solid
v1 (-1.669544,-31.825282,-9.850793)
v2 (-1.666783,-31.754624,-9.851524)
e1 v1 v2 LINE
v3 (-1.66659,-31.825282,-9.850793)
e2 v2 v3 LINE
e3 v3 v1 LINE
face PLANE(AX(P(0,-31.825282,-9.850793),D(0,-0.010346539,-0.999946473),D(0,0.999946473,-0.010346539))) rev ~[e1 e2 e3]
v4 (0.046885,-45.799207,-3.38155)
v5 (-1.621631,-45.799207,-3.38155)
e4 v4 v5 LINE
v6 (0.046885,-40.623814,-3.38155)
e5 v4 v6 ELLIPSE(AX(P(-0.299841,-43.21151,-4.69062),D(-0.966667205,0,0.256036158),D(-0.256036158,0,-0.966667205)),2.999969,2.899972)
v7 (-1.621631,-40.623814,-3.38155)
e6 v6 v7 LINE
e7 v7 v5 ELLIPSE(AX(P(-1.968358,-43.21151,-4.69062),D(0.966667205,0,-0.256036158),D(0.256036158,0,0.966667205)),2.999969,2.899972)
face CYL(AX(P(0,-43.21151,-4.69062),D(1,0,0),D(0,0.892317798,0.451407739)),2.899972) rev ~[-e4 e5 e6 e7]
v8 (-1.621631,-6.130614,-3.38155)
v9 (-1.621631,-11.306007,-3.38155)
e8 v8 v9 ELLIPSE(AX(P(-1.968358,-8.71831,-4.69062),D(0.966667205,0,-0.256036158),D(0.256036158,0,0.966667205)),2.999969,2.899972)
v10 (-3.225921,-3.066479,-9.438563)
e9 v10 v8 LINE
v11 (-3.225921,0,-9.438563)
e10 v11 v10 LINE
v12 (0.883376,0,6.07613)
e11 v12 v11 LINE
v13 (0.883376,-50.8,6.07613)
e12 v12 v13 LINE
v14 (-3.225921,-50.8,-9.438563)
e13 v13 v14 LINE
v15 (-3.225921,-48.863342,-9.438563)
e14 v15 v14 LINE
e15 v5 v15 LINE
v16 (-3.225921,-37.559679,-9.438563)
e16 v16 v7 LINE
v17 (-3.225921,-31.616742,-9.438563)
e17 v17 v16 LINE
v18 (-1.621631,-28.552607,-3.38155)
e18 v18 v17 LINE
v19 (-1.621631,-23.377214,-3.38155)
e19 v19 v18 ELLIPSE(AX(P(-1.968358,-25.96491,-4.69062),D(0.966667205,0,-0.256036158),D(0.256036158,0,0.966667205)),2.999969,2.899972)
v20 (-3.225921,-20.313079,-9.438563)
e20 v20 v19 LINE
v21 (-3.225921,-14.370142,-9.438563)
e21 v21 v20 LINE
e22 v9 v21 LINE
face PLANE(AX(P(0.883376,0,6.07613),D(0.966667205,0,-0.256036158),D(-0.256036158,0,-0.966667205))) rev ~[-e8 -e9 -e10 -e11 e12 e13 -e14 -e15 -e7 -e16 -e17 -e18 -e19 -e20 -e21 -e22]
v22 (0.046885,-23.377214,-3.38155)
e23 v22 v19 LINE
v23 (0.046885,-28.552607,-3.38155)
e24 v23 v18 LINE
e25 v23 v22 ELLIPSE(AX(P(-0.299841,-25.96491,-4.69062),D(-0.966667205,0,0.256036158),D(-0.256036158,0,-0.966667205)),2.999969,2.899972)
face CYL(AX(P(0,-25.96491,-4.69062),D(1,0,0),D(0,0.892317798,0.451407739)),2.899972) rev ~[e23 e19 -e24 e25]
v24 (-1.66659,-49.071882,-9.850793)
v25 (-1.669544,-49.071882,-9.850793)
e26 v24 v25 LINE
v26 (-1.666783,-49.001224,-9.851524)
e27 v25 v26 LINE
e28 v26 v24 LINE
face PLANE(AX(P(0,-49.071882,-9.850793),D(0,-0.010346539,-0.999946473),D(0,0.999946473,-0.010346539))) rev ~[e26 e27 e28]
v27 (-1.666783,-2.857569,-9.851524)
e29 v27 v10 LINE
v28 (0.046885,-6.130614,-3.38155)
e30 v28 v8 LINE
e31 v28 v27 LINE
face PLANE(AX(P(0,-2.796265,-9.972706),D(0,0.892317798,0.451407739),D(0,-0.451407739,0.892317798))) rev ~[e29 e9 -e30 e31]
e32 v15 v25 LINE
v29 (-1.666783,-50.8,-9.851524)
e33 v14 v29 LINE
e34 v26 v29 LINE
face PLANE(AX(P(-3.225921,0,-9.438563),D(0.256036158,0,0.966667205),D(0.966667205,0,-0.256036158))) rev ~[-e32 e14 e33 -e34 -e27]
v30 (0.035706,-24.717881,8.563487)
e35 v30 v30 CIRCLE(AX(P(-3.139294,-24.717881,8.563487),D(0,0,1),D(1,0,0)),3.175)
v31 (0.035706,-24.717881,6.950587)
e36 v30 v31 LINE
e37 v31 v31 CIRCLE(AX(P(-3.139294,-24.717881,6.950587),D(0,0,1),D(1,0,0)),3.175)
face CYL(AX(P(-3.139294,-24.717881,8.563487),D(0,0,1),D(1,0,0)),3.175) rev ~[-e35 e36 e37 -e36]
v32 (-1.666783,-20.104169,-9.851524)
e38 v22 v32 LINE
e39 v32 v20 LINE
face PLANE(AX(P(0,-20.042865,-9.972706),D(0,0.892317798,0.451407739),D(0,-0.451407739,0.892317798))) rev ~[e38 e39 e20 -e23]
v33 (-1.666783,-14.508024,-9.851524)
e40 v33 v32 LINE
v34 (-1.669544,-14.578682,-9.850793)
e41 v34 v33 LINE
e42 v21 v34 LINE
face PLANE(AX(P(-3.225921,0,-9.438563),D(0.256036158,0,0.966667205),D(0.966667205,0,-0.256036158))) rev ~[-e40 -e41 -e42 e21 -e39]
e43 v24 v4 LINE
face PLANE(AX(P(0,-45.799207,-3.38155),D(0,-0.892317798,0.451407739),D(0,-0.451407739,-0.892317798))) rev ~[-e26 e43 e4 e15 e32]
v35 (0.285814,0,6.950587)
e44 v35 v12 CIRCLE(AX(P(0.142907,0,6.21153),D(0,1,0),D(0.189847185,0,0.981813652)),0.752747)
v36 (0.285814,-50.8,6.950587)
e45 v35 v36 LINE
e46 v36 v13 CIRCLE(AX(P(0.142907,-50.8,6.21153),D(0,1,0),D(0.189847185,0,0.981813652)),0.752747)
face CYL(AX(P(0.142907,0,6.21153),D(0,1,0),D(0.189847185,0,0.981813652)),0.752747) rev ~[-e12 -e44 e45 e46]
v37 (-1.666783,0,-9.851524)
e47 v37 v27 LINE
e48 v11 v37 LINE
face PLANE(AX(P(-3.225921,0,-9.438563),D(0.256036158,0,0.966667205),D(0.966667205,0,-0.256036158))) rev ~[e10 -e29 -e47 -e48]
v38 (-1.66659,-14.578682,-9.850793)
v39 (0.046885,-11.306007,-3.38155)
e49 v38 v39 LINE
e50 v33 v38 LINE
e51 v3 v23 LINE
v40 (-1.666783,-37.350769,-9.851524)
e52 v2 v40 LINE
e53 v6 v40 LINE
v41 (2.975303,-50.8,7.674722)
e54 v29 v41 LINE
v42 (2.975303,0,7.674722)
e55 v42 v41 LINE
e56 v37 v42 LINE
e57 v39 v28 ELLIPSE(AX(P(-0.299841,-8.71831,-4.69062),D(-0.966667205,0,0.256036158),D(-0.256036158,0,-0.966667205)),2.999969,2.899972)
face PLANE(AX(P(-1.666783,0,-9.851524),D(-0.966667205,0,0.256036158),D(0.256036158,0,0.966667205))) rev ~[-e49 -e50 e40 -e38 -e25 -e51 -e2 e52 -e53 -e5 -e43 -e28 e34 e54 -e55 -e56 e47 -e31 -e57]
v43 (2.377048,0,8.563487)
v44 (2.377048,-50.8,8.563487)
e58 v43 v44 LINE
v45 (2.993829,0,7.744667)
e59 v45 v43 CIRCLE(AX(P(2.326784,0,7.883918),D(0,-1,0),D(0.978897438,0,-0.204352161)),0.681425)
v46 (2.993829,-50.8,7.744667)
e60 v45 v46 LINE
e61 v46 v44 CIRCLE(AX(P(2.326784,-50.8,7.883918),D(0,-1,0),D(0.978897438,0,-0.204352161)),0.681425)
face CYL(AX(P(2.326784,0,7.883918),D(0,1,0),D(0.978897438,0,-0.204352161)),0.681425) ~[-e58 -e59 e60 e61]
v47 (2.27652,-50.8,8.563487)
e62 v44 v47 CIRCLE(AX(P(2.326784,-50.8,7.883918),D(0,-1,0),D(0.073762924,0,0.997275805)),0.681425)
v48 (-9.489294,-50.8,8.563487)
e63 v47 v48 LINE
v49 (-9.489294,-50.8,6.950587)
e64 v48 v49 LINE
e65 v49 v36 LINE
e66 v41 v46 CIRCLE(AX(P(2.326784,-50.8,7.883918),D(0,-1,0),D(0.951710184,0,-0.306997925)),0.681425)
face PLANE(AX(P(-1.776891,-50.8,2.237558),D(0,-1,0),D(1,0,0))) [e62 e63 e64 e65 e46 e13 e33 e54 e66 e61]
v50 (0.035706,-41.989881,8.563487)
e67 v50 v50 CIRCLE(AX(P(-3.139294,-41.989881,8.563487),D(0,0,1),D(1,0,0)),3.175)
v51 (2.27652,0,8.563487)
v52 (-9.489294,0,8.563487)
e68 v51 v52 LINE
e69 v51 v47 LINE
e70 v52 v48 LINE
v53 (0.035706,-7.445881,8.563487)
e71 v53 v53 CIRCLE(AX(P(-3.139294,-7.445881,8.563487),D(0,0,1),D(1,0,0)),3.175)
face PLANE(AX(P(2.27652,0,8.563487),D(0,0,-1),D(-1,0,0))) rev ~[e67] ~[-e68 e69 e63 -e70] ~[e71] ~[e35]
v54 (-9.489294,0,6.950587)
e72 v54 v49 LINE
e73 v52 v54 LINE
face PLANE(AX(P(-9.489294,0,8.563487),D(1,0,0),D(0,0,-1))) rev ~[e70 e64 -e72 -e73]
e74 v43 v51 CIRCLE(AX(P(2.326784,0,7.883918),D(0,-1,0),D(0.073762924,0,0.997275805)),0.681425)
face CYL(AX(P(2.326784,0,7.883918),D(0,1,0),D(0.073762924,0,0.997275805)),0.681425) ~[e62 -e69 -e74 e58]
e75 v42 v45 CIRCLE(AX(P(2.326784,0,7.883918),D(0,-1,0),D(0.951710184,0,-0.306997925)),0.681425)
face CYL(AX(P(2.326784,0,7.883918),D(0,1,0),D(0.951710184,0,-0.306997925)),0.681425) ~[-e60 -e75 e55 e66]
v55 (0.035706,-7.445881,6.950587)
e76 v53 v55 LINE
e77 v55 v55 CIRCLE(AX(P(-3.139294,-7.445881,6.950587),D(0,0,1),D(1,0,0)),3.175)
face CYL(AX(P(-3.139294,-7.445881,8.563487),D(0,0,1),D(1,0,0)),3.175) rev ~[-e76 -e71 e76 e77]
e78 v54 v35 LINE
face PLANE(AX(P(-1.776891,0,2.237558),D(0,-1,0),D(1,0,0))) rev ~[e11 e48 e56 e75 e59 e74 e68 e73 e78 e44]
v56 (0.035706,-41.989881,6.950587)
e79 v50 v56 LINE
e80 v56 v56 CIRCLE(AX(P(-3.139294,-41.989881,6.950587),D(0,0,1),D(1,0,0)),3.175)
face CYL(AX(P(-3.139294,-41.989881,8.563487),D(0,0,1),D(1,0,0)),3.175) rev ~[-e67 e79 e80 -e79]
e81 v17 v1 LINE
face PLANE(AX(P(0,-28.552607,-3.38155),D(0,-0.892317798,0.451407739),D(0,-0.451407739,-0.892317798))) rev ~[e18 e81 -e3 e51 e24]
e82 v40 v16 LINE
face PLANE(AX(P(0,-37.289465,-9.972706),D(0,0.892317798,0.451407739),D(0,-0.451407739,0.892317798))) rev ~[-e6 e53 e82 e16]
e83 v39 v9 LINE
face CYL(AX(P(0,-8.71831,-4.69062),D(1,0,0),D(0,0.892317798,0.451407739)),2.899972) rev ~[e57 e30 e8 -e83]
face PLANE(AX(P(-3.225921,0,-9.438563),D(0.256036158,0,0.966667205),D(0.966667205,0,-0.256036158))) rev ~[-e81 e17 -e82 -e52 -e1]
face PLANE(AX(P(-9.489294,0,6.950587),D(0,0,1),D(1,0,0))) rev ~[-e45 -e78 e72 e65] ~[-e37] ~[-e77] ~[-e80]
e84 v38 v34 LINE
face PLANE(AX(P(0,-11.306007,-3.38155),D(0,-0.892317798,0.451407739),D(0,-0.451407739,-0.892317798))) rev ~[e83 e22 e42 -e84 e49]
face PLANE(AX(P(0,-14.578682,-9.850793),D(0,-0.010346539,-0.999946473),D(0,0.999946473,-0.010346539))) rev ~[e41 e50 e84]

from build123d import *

# Parameters (mm, degrees)
F1_DEPTH      = 50.8
F3_DEPTH      = 25.4
F3_DEPTH_BACK = 25.4
F4_R          = 3.175
F5_DEPTH      = 1.6129


with BuildPart() as f1:
    # F0 (on Front) → F1 (new body)
    with BuildSketch(Plane.XZ):
        with BuildLine():
            Line((2.2765197791, 8.5634865664), (-9.489294471, 8.5634865664))
            Line((-9.489294471, 8.5634865664), (-9.489294471, 6.9505865664))
            Line((-9.489294471, 6.9505865664), (0, 6.9505865664))
            ThreePointArc((0, 6.9505865664), (0.1429068283, 6.9642762789), (0.2858136566, 6.9505865664))
            ThreePointArc((0.2858136566, 6.9505865664), (0.7644025503, 6.6362301957), (0.8833758177, 6.0761296524))
            Line((0.8833758177, 6.0761296524), (-3.2259208163, -9.4385629753))
            Line((-3.2259208163, -9.4385629753), (-1.6667832808, -9.8515236945))
            Line((-1.6667832808, -9.8515236945), (2.9753029463, 7.6747216416))
            Line((2.9753029463, 7.6747216416), (2.993829025, 7.7446670463))
            ThreePointArc((2.993829025, 7.7446670463), (2.8710717472, 8.2939064661), (2.3770475991, 8.5634865664))
            Line((2.3770475991, 8.5634865664), (2.2765197791, 8.5634865664))
        make_face()
        with BuildLine():
            ThreePointArc((2.3770475991, 8.5634865664), (2.3267836891, 8.5653429014), (2.2765197791, 8.5634865664))
            Line((2.2765197791, 8.5634865664), (2.3770475991, 8.5634865664))
        make_face()
        with BuildLine():
            ThreePointArc((0.2858136566, 6.9505865664), (0.1429068283, 6.9642762789), (0, 6.9505865664))
            Line((0, 6.9505865664), (0.2858136566, 6.9505865664))
        make_face()
        with BuildLine():
            ThreePointArc((2.9753029463, 7.6747216416), (2.9854950368, 7.709448271), (2.993829025, 7.7446670463))
            Line((2.993829025, 7.7446670463), (2.9753029463, 7.6747216416))
        make_face()
    extrude(amount=F1_DEPTH)

    # F2 (on Right) → F3 (cut, two sides)
    with BuildSketch(Plane.YZ) as f3_sk:
        with BuildLine():
            Line((-45.7992069423, -3.3815500792), (-49.0718819201, -9.8507925868))
            Line((-49.0718819201, -9.8507925868), (-37.2894648818, -9.9727063475))
            Line((-37.2894648818, -9.9727063475), (-40.6238138676, -3.3815500792))
            ThreePointArc((-40.6238138676, -3.3815500792), (-43.2115104049, -1.7906479393), (-45.7992069423, -3.3815500792))
        make_face()
        with BuildLine():
            Line((-20.0428648818, -9.9727063475), (-23.3772138676, -3.3815500792))
            ThreePointArc((-23.3772138676, -3.3815500792), (-25.9649104049, -1.7906479393), (-28.5526069423, -3.3815500792))
            Line((-28.5526069423, -3.3815500792), (-31.8252819201, -9.8507925868))
            Line((-31.8252819201, -9.8507925868), (-20.0428648818, -9.9727063475))
        make_face()
        with BuildLine():
            Line((-2.7962648818, -9.9727063475), (-6.1306138676, -3.3815500792))
            ThreePointArc((-6.1306138676, -3.3815500792), (-8.7183104049, -1.7906479393), (-11.3060069423, -3.3815500792))
            Line((-11.3060069423, -3.3815500792), (-14.5786819201, -9.8507925868))
            Line((-14.5786819201, -9.8507925868), (-2.7962648818, -9.9727063475))
        make_face()
    extrude(amount=-F3_DEPTH, mode=Mode.SUBTRACT)
    extrude(f3_sk.sketch, amount=F3_DEPTH_BACK, mode=Mode.SUBTRACT)

    # F4 (on face) → F5 (cut, through all)
    with BuildSketch(Plane.XY.offset(8.5634865664)):
        with Locations((-3.139294471, -7.4458811432)):
            Circle(F4_R)
        with Locations((-3.139294471, -24.7178811432)):
            Circle(F4_R)
        with Locations((-3.139294471, -41.9898811432)):
            Circle(F4_R)
    extrude(amount=-F5_DEPTH, mode=Mode.SUBTRACT)


solid = f1.part
